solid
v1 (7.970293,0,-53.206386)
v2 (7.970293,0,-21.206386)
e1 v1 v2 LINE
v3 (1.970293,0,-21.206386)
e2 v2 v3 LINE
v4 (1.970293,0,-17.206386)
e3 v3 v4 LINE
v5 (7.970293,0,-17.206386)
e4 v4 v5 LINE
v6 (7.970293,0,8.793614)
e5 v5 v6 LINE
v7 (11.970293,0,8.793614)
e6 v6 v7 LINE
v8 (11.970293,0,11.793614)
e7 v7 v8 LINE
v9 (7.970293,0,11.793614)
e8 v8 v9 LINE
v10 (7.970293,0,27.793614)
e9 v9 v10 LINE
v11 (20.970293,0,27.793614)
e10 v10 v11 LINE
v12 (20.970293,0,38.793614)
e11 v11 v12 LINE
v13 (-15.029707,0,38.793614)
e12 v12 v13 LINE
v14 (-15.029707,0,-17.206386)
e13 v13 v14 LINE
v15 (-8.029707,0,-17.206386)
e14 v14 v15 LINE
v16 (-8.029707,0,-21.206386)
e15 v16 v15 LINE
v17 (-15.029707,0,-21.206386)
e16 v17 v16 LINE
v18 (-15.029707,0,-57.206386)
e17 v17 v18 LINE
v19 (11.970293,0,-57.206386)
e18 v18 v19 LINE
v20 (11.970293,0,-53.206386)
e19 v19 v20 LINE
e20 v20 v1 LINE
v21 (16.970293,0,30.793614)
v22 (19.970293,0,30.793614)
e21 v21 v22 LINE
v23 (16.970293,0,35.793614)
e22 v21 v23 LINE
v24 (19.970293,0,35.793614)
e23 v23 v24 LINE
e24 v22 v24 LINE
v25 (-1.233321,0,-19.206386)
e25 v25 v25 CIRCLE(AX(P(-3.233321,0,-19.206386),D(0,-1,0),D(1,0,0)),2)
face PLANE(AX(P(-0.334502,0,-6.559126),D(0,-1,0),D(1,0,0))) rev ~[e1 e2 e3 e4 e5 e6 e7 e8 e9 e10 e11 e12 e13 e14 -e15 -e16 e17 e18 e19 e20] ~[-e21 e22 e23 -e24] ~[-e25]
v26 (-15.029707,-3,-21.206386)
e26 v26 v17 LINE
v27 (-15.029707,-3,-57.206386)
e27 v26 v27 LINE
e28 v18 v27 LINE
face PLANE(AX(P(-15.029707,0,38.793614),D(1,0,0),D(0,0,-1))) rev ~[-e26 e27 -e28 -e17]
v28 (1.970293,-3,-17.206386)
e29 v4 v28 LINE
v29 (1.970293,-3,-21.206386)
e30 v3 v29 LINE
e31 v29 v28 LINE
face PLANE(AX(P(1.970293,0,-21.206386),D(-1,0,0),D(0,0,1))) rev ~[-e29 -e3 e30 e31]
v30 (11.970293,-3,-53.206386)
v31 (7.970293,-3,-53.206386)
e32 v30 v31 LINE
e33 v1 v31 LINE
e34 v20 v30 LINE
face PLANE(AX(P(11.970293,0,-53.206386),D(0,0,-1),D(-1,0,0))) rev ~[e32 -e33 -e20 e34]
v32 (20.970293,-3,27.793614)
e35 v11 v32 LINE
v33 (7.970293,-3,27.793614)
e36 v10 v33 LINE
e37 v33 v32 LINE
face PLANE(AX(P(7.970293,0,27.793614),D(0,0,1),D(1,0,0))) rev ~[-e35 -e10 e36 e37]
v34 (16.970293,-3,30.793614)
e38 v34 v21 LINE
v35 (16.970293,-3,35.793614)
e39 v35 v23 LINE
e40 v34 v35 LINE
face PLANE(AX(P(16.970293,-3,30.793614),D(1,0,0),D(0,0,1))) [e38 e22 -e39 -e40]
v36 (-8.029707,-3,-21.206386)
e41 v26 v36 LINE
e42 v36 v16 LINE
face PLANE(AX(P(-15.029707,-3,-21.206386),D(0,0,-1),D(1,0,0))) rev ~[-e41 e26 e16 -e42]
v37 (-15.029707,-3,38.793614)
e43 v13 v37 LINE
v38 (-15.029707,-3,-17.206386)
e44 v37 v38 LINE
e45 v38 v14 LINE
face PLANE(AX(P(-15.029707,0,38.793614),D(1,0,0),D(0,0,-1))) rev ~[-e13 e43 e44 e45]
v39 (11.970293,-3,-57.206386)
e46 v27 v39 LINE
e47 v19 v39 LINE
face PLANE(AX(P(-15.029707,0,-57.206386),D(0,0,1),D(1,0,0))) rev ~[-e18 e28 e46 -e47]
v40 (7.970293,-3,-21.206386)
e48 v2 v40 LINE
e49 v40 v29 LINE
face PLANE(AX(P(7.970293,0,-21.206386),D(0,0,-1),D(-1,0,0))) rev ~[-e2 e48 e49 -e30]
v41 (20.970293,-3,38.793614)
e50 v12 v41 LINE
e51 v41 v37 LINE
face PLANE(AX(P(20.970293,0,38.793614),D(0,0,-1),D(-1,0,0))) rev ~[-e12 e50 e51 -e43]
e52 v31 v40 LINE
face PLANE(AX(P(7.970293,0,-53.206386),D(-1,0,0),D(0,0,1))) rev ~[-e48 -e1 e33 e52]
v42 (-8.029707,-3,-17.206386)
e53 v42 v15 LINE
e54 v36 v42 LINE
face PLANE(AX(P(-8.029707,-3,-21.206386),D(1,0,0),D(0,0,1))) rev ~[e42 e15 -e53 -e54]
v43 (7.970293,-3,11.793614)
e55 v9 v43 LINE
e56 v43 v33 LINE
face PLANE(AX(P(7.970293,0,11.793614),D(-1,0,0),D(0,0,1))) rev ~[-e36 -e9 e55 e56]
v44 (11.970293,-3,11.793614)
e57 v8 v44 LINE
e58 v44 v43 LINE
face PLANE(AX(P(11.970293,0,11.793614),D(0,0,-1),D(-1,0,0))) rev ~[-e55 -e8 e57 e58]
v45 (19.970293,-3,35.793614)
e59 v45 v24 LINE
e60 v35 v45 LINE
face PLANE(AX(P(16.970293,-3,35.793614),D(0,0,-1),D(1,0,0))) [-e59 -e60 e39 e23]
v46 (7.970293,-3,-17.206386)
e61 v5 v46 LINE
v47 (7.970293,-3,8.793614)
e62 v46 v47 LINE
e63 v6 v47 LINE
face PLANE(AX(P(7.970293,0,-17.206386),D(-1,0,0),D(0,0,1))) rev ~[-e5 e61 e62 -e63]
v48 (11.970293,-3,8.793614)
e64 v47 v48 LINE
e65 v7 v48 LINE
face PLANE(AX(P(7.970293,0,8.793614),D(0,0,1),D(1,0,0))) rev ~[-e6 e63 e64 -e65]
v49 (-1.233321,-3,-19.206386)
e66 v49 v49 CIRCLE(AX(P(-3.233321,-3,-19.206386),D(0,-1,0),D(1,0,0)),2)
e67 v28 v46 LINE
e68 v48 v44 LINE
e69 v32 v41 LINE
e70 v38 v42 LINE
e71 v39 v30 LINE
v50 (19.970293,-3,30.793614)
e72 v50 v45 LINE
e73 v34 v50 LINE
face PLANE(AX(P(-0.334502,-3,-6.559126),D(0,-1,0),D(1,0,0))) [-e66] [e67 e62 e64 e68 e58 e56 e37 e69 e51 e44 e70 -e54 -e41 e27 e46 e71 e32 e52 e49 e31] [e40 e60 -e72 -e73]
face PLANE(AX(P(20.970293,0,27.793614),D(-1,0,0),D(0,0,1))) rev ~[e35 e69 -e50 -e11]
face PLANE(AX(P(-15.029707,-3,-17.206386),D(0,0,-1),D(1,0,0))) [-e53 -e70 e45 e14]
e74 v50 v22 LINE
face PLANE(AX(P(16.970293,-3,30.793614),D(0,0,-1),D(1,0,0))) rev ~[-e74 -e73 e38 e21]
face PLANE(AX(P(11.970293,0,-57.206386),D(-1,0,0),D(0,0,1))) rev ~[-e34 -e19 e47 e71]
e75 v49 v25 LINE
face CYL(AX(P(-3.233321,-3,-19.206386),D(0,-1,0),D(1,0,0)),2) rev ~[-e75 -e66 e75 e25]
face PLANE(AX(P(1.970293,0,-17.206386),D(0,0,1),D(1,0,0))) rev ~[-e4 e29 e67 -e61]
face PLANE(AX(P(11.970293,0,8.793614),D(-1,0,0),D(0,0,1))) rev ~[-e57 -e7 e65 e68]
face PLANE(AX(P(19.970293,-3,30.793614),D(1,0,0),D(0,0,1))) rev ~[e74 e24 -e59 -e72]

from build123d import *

# Parameters (mm, degrees)
F1_DEPTH = 3
F2_R     = 2
F2_W     = 3
F2_H     = 5
F2_W_2   = 7
F2_H_2   = 4
F3_DEPTH = 25


with BuildPart() as f1:
    # F0 (on Front) → F1 (new body)
    with BuildSketch(Plane.XZ):
        Polygon((20.970293, 38.793614), (-15.029707, 38.793614), (-15.029707, -57.206386), (11.970293, -57.206386), (11.970293, -53.206386), (7.970293, -53.206386), (7.970293, -21.206386), (1.970293, -21.206386), (1.970293, -17.206386), (7.970293, -17.206386), (7.970293, 8.793614), (11.970293, 8.793614), (11.970293, 11.793614), (7.970293, 11.793614), (7.970293, 27.793614), (20.970293, 27.793614), align=None)
    extrude(amount=F1_DEPTH)

    # F2 (on face) → F3 (cut)
    with BuildSketch(Plane.XZ.offset(3)):
        with Locations((-3.233321, -19.206386)):
            Circle(F2_R)
        with Locations((18.470293, 33.293614)):
            Rectangle(F2_W, F2_H)
        with Locations((-11.529707, -19.206386)):
            Rectangle(F2_W_2, F2_H_2)
    extrude(amount=-F3_DEPTH, mode=Mode.SUBTRACT)


solid = f1.part
